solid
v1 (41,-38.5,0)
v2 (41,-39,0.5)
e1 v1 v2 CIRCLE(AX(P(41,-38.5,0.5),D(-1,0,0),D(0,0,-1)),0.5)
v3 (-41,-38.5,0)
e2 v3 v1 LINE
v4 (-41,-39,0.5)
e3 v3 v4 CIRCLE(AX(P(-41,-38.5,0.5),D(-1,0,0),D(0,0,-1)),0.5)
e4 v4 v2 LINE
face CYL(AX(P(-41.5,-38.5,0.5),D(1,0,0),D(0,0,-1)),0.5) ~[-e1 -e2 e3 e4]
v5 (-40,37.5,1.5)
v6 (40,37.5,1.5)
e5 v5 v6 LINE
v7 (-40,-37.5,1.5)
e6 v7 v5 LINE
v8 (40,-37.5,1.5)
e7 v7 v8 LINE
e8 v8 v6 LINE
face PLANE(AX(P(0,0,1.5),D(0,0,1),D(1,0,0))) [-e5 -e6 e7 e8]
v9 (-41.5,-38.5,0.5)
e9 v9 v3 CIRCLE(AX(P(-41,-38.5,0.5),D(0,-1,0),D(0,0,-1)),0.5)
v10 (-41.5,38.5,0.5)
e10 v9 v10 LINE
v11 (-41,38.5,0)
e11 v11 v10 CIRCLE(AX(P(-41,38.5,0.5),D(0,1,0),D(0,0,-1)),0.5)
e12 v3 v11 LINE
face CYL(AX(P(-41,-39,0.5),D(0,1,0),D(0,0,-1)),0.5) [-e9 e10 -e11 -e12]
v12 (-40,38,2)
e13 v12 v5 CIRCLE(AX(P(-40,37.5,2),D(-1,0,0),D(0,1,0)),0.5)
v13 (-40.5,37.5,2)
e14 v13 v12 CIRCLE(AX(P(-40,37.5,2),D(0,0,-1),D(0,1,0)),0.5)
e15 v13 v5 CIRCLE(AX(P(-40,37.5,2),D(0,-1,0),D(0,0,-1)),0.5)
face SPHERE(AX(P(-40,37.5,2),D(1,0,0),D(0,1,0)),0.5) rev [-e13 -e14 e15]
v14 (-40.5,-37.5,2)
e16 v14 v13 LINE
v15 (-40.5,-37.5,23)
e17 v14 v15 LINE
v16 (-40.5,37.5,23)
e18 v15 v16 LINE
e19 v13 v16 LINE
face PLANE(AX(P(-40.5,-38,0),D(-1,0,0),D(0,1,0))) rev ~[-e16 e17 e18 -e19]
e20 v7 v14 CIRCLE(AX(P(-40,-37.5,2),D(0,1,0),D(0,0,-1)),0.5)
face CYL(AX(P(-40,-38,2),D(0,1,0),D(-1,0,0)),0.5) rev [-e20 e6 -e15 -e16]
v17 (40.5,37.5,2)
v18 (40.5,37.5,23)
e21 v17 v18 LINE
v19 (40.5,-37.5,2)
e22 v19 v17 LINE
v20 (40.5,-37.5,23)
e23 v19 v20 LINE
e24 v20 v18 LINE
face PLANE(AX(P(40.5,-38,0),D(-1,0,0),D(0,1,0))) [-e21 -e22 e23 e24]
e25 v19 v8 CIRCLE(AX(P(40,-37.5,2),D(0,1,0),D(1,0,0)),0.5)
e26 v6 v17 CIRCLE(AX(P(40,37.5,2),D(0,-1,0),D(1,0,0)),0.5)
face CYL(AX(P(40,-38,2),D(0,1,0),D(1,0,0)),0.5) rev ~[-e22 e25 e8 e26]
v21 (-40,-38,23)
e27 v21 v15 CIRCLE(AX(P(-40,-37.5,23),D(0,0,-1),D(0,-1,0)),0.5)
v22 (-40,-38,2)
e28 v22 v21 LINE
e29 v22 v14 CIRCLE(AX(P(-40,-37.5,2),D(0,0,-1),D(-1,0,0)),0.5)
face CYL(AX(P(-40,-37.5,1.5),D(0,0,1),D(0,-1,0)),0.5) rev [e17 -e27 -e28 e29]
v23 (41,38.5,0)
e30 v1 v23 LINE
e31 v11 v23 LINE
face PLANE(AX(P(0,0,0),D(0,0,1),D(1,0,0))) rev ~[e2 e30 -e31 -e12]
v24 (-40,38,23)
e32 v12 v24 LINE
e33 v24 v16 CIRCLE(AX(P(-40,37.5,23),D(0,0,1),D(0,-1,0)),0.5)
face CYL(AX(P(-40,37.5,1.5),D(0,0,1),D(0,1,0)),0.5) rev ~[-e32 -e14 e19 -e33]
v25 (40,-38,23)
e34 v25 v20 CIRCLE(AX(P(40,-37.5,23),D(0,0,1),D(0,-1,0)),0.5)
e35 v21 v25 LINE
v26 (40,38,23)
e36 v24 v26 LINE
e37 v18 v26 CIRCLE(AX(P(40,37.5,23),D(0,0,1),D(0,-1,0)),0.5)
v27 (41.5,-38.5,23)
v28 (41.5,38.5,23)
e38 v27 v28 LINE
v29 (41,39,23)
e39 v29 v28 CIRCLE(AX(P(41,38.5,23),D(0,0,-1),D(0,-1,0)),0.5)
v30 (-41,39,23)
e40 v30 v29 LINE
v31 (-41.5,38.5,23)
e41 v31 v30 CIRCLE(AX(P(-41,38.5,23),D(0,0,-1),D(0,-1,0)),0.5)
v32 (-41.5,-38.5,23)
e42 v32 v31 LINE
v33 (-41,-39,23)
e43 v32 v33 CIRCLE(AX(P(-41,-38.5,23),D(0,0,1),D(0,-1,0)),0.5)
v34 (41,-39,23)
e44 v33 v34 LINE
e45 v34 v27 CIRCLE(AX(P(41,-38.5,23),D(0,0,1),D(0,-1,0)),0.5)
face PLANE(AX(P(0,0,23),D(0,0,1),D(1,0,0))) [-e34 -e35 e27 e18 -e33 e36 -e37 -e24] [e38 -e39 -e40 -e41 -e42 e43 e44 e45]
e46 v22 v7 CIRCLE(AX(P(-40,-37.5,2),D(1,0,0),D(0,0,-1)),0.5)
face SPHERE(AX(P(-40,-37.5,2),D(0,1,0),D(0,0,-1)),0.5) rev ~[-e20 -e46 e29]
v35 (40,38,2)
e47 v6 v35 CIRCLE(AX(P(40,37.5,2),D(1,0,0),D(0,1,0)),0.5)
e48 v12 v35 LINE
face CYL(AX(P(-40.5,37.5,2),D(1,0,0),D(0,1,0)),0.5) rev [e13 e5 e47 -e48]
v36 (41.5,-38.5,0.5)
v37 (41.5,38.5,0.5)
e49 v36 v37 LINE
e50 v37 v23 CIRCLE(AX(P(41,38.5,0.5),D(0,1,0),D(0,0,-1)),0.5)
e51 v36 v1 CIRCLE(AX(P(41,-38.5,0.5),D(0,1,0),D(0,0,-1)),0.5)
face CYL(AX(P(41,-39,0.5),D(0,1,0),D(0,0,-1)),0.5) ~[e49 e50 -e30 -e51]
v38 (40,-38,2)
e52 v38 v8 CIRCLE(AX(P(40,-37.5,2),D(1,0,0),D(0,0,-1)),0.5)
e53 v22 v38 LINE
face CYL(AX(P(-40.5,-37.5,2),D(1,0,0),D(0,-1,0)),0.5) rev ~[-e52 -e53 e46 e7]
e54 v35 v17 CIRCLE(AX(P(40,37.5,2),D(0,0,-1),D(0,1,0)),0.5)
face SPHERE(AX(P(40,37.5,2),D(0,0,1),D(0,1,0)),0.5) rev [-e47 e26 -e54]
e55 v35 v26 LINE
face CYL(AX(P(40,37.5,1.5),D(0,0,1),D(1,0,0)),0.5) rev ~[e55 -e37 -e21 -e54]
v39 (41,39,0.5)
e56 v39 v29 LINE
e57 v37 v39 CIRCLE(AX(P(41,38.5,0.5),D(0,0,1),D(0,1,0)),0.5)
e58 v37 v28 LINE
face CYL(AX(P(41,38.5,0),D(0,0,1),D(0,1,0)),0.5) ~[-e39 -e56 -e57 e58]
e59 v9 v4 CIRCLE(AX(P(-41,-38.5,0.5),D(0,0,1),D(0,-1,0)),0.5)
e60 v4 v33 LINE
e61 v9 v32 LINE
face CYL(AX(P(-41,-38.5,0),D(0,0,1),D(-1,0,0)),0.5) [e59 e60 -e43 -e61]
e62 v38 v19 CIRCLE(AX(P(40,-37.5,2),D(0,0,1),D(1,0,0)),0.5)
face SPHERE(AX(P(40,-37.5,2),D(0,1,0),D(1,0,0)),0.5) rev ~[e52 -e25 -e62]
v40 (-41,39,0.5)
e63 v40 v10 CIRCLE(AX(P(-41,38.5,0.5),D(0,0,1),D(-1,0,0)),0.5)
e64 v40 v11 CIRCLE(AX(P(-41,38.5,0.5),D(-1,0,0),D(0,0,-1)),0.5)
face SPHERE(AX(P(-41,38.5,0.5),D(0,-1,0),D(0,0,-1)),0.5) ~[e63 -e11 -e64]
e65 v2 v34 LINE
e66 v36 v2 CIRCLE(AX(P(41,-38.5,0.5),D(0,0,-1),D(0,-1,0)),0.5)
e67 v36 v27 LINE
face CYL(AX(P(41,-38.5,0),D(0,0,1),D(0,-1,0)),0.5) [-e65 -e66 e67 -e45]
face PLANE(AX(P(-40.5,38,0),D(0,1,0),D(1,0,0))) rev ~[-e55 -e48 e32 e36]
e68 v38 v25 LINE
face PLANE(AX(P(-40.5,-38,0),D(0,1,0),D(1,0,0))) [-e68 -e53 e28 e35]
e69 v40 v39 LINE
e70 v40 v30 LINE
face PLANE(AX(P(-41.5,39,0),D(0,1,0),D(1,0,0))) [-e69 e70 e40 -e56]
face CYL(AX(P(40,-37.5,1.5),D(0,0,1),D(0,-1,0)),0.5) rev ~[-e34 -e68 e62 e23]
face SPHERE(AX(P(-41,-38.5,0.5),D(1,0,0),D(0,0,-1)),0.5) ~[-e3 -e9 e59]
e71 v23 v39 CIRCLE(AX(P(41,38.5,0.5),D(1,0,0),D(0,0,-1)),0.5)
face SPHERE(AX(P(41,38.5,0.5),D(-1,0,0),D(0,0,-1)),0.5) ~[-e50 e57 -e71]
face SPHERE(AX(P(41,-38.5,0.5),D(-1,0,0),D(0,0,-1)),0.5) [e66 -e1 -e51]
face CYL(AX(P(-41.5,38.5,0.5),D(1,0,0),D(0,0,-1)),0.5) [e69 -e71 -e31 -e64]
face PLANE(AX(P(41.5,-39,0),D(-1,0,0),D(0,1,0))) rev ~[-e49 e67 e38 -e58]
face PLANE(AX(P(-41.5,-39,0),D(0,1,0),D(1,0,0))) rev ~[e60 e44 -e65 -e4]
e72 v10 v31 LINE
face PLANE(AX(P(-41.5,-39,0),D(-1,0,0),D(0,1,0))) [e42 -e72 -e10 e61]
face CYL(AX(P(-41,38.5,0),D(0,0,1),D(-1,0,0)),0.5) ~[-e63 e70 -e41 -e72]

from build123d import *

# Parameters (mm, degrees)
F0_W     = 83
F0_H     = 78
F0_W_2   = 81
F0_H_2   = 76
F1_DEPTH = 23
F2_DEPTH = 1.5
F3_R     = 0.5
F4_R     = 0.5


with BuildPart() as f1:
    # F0 (on Top) → F1 (new body)
    with BuildSketch(Plane.XY):
        Rectangle(F0_W, F0_H)
        Rectangle(F0_W_2, F0_H_2, mode=Mode.SUBTRACT)
    extrude(amount=F1_DEPTH)

    # F0 (on Top) → F2 (join)
    with BuildSketch(Plane.XY):
        Rectangle(F0_W_2, F0_H_2)
    extrude(amount=F2_DEPTH)

    # F3
    f3_edges = [f1.edges().sort_by_distance(p)[0] for p in [
        (0, -39, 0),
        (-41.5, 0, 0),
        (0, 39, 0),
        (41.5, 0, 0),
        (-41.5, -39, 11.5),
        (41.5, -39, 11.5),
        (-41.5, 39, 11.5),
        (41.5, 39, 11.5),
    ]]
    fillet(f3_edges, radius=F3_R)

    # F4
    f4_edges = [f1.edges().sort_by_distance(p)[0] for p in [
        (40.5, 38, 12.25),
        (0, 38, 1.5),
        (40.5, 0, 1.5),
        (-40.5, 38, 12.25),
        (-40.5, 0, 1.5),
        (40.5, -38, 12.25),
        (0, -38, 1.5),
        (-40.5, -38, 12.25),
    ]]
    fillet(f4_edges, radius=F4_R)


solid = f1.part
